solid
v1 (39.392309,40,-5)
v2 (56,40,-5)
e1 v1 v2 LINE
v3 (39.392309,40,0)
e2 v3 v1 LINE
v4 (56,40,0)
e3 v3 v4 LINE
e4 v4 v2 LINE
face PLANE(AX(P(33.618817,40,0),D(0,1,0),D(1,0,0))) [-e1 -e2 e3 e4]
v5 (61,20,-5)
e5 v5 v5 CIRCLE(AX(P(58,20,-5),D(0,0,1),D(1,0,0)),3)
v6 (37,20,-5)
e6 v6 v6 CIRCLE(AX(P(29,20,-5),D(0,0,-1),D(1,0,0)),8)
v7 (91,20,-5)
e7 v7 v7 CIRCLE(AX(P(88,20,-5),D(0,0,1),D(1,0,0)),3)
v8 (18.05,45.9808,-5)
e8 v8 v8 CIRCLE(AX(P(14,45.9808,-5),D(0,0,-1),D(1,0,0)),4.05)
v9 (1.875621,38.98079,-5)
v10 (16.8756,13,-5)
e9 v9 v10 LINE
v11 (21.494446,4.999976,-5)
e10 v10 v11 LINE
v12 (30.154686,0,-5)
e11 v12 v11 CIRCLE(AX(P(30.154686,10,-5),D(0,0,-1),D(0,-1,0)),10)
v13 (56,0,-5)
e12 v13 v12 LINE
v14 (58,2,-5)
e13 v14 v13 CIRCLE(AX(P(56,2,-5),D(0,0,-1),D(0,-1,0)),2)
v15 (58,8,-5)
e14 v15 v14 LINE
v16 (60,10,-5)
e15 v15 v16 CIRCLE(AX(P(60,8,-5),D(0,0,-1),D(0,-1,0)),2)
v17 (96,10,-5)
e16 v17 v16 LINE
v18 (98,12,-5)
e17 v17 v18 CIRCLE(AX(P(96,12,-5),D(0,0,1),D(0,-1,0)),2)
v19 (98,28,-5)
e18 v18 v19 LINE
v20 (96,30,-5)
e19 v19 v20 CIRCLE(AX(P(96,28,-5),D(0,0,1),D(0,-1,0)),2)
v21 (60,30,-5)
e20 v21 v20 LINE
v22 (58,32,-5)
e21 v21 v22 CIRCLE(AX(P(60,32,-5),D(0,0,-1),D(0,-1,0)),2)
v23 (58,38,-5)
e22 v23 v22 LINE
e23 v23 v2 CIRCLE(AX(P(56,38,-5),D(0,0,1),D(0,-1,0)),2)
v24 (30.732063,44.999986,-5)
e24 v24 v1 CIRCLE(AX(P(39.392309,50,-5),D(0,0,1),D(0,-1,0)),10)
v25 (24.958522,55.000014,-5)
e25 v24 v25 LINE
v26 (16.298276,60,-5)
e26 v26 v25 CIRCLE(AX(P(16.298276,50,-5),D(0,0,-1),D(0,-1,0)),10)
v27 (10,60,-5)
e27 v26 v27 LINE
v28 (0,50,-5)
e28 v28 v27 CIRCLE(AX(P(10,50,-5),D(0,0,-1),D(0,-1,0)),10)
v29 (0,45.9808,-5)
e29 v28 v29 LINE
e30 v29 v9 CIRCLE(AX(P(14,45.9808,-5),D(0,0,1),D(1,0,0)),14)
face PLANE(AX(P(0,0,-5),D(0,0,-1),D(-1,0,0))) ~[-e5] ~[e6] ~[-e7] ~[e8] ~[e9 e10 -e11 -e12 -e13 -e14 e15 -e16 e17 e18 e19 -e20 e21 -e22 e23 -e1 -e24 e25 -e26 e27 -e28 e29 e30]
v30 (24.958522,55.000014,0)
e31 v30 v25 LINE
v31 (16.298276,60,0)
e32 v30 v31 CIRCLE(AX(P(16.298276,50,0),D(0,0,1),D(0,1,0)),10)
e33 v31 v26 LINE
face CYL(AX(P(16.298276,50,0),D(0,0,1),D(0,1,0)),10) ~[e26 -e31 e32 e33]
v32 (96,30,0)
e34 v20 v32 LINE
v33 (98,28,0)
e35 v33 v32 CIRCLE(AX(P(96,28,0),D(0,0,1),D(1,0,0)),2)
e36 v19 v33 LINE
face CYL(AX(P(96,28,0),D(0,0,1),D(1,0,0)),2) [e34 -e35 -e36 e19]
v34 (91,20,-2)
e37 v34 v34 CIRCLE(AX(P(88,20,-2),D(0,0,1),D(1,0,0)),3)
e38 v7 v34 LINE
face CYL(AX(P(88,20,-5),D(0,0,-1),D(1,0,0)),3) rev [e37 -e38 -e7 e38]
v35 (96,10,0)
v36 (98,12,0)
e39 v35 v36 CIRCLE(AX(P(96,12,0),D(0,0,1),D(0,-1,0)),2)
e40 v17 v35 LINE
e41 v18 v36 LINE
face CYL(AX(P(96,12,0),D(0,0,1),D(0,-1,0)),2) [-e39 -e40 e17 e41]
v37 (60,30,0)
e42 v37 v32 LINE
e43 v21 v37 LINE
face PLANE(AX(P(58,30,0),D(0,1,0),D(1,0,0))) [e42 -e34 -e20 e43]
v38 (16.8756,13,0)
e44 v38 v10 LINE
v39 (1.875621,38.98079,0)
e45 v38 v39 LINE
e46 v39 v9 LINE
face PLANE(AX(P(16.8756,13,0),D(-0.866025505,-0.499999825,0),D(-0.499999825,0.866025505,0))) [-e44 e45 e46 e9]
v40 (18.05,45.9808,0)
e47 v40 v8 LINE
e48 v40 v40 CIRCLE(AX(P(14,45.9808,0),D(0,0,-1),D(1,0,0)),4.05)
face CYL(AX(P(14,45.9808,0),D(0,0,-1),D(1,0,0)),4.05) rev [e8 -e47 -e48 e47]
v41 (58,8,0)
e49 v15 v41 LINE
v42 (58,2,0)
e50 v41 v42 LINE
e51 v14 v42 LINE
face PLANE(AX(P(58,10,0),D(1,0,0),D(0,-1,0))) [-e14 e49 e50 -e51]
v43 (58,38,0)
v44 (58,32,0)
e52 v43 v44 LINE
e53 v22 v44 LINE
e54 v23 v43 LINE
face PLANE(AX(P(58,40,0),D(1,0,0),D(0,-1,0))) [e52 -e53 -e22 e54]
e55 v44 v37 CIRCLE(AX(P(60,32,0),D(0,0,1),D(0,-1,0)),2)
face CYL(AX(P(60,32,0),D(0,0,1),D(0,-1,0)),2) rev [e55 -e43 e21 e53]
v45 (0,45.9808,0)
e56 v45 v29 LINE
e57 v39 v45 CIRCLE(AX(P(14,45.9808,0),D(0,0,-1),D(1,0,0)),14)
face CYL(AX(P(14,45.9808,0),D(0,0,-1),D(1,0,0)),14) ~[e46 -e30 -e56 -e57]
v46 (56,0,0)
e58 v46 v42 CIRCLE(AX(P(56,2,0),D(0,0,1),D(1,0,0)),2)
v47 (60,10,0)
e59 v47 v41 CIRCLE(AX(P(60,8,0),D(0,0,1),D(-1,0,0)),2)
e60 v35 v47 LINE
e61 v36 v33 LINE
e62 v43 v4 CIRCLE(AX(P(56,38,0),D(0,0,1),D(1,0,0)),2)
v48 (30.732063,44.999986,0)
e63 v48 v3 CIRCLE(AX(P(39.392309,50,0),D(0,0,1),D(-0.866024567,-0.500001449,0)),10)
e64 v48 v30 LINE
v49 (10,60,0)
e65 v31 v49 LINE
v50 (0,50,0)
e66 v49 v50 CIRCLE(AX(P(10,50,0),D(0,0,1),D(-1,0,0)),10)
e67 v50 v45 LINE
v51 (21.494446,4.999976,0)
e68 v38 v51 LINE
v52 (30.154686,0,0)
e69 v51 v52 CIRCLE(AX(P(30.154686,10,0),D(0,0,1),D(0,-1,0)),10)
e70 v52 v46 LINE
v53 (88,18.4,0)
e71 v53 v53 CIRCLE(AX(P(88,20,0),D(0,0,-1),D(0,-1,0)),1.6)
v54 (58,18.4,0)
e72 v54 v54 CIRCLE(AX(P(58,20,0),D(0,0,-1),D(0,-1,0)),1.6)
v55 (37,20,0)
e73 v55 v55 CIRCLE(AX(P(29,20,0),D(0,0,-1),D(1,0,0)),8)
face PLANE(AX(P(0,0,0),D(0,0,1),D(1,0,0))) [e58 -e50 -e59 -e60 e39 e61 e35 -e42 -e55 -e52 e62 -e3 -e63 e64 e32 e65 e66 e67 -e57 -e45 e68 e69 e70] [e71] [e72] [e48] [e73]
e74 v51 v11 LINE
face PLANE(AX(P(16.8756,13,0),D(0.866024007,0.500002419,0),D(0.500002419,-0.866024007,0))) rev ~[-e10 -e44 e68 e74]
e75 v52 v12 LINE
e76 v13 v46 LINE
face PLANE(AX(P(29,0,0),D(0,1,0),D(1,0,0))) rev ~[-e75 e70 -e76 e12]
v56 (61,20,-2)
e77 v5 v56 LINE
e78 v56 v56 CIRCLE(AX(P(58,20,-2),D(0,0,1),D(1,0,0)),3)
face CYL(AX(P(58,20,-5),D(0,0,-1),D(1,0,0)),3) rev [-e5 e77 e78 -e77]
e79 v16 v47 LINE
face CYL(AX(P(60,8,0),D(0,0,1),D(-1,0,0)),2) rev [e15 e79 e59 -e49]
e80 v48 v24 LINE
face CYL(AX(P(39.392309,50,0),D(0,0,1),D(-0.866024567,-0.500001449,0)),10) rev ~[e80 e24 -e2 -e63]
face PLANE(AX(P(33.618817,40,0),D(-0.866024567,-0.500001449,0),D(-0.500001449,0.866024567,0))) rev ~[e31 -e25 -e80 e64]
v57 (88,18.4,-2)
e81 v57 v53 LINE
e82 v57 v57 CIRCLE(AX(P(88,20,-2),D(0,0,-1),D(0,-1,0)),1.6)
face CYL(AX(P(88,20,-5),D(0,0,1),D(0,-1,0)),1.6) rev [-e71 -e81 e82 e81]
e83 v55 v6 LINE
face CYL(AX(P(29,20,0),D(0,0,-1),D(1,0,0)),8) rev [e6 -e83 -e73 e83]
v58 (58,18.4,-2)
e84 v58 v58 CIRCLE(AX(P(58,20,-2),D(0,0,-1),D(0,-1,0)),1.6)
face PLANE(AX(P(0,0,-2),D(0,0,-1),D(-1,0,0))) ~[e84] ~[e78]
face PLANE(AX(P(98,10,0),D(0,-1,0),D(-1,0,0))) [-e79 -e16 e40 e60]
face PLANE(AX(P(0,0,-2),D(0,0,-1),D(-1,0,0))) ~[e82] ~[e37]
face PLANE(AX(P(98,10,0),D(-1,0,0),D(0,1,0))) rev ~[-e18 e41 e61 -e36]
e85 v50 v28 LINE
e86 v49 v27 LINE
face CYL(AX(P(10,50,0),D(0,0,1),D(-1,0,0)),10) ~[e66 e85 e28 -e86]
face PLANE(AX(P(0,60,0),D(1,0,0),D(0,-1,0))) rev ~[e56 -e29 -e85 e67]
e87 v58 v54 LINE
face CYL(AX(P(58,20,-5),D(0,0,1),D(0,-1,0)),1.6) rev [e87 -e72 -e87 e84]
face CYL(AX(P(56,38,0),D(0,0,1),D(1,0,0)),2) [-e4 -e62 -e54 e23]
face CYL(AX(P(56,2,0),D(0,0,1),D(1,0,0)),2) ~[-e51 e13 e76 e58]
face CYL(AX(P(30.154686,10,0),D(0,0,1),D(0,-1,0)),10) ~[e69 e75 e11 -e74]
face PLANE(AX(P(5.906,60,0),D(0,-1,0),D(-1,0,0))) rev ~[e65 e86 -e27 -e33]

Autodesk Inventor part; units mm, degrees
ref_plane "YZ Plane" through (0, 0, 0) normal (1, 0, 0) x (0, 1, 0)
ref_plane "XZ Plane" through (0, 0, 0) normal (0, 1, 0) x (-1, 0, 0)
ref_plane "XY Plane" through (0, 0, 0) normal (0, 0, 1) x (1, 0, 0)
sketch "スケッチ1" plane through (0, 0, 0) normal (0, 0, 1) x (1, 0, 0)
  line L0 (0, 0) -> (98, 0)
  line L1 (98, 0) -> (98, 60)
  line L2 (98, 60) -> (0, 60)
  line L3 (0, 60) -> (0, 0)
  line L4 (98, 0) -> (29, 0)
  line L5 (29, 0) -> (29, 40)
  line L6 (29, 40) -> (98, 40)
  line L7 (98, 40) -> (98, 0)
  line L8 (29, 30) -> (98, 30)
  line L9 (98, 30) -> (98, 10)
  line L10 (98, 10) -> (29, 10)
  line L11 (29, 10) -> (29, 30)
  line L12 (98, 20) -> (0, 20)
  line L13 (29, 20) -> (5.906, 60)
  circle A0 centre (29, 20) radius 8
  circle A1 centre (14, 45.9808) radius 4.05
  line L14 (58, 40) -> (58, 0)
  line L15 (16.8756, 13) -> (-6.2184, 53)
  line L16 (41.1244, 27) -> (18.0303, 67)
  circle A2 centre (14, 45.9808) radius 14
  line L17 (16.8756, 13) -> (25.3526, -1.6825)
  point P0 (58, 30)
  point P1 (33.6188, 40)
  point P2 (22.0718, 60)
  point P3 (0, 45.9808)
  point P4 (1.8756, 38.9808)
  point P5 (24.3812, 0)
  point P6 (58, 0)
  point P7 (58, 10)
  dimension "d0" = 98
  dimension "d1" = 60
  dimension "d2" = 40
  dimension "d3" = 20
  dimension "d4" = 10
  dimension "d5" = 69
  dimension "d6" = 30
  dimension "d7" = 16
  dimension "d8" = 30
  dimension "d9" = 8.1
  dimension "d10" = 40
  dimension "d11" = 28
extrude "押し出し1" add sketch "スケッチ1" along normal blind 5 contours L5 L10 L14 L0 | L0 L17 L15 L12 A0 L5 | L5 A0 L12 L14 L10 | L14 L12 L1 L10 | L14 L8 L1 L12 | L12 A0 L5 L8 L14 | L15 A2 L13 A0 L12 | L8 L16 L6 L14 | A2 L13 A1 | A0 L13 A2 L16 L6 L5 | L8 L5 L6 L16 | L3 L2 L13 A2 | L13 A1 A2 | L13 L2 L16 A2
sketch "スケッチ2" plane through (0, 0, 5) normal (0, 0, 1) x (1, 0, 0)
  line L0 (98, 10) -> (98, 30) projected
  line L1 (98, 20) -> (47.1161, 20)
  point P0 (0, 0)
  point P1 (88, 20)
  point P2 (58, 20)
  dimension "d14" = 10
  dimension "d15" = 30
hole "穴1" at (88, 20, 5) at (58, 20, 5) direction (0, 0, -1) diameter 3.2 depth 10
fillet "フィレット1" radius 2 6 edges at (58, 40, 2.5) (58, 30, 2.5) (98, 30, 2.5) (98, 10, 2.5) (58, 0, 2.5) (58, 10, 2.5)
fillet "フィレット2" radius 10 4 edges at (24.3812, 0, 2.5) (0, 60, 2.5) (22.0718, 60, 2.5) (33.6188, 40, 2.5)
sketch "スケッチ4" plane through (0, 0, 5) normal (0, 0, 1) x (1, 0, 0)
  circle A0 centre (58, 20) radius 1.6 projected
  circle A1 centre (58, 20) radius 3
  circle A2 centre (88, 20) radius 1.6 projected
  circle A3 centre (88, 20) radius 3
  point P0 (0, 0)
  dimension "d34" = 6
  dimension "d35" = 6
extrude "押し出し2" cut sketch "スケッチ4" against normal blind 3 contours A0 | A1 | A2 | A3
mirror "ミラー1" about plane through (0, 0, 0) normal (0, 0, 1)
sketch "スケッチ5" plane through (0, 0, 5) normal (0, 0, 1) x (1, 0, 0)
  line L0 (-47.2923, 84.9681) -> (163.8235, 84.9681)
  line L1 (163.8235, 84.9681) -> (163.8235, -15.7821)
  line L2 (163.8235, -15.7821) -> (-47.2923, -15.7821)
  line L3 (-47.2923, -15.7821) -> (-47.2923, 84.9681)
  point P0 (0, 0)
extrude "押し出し3" cut sketch "スケッチ5" against normal blind 5
equation "\"d35\" = d34"
properties part number "RP_Calf-Link-cover-Outside-Left"
